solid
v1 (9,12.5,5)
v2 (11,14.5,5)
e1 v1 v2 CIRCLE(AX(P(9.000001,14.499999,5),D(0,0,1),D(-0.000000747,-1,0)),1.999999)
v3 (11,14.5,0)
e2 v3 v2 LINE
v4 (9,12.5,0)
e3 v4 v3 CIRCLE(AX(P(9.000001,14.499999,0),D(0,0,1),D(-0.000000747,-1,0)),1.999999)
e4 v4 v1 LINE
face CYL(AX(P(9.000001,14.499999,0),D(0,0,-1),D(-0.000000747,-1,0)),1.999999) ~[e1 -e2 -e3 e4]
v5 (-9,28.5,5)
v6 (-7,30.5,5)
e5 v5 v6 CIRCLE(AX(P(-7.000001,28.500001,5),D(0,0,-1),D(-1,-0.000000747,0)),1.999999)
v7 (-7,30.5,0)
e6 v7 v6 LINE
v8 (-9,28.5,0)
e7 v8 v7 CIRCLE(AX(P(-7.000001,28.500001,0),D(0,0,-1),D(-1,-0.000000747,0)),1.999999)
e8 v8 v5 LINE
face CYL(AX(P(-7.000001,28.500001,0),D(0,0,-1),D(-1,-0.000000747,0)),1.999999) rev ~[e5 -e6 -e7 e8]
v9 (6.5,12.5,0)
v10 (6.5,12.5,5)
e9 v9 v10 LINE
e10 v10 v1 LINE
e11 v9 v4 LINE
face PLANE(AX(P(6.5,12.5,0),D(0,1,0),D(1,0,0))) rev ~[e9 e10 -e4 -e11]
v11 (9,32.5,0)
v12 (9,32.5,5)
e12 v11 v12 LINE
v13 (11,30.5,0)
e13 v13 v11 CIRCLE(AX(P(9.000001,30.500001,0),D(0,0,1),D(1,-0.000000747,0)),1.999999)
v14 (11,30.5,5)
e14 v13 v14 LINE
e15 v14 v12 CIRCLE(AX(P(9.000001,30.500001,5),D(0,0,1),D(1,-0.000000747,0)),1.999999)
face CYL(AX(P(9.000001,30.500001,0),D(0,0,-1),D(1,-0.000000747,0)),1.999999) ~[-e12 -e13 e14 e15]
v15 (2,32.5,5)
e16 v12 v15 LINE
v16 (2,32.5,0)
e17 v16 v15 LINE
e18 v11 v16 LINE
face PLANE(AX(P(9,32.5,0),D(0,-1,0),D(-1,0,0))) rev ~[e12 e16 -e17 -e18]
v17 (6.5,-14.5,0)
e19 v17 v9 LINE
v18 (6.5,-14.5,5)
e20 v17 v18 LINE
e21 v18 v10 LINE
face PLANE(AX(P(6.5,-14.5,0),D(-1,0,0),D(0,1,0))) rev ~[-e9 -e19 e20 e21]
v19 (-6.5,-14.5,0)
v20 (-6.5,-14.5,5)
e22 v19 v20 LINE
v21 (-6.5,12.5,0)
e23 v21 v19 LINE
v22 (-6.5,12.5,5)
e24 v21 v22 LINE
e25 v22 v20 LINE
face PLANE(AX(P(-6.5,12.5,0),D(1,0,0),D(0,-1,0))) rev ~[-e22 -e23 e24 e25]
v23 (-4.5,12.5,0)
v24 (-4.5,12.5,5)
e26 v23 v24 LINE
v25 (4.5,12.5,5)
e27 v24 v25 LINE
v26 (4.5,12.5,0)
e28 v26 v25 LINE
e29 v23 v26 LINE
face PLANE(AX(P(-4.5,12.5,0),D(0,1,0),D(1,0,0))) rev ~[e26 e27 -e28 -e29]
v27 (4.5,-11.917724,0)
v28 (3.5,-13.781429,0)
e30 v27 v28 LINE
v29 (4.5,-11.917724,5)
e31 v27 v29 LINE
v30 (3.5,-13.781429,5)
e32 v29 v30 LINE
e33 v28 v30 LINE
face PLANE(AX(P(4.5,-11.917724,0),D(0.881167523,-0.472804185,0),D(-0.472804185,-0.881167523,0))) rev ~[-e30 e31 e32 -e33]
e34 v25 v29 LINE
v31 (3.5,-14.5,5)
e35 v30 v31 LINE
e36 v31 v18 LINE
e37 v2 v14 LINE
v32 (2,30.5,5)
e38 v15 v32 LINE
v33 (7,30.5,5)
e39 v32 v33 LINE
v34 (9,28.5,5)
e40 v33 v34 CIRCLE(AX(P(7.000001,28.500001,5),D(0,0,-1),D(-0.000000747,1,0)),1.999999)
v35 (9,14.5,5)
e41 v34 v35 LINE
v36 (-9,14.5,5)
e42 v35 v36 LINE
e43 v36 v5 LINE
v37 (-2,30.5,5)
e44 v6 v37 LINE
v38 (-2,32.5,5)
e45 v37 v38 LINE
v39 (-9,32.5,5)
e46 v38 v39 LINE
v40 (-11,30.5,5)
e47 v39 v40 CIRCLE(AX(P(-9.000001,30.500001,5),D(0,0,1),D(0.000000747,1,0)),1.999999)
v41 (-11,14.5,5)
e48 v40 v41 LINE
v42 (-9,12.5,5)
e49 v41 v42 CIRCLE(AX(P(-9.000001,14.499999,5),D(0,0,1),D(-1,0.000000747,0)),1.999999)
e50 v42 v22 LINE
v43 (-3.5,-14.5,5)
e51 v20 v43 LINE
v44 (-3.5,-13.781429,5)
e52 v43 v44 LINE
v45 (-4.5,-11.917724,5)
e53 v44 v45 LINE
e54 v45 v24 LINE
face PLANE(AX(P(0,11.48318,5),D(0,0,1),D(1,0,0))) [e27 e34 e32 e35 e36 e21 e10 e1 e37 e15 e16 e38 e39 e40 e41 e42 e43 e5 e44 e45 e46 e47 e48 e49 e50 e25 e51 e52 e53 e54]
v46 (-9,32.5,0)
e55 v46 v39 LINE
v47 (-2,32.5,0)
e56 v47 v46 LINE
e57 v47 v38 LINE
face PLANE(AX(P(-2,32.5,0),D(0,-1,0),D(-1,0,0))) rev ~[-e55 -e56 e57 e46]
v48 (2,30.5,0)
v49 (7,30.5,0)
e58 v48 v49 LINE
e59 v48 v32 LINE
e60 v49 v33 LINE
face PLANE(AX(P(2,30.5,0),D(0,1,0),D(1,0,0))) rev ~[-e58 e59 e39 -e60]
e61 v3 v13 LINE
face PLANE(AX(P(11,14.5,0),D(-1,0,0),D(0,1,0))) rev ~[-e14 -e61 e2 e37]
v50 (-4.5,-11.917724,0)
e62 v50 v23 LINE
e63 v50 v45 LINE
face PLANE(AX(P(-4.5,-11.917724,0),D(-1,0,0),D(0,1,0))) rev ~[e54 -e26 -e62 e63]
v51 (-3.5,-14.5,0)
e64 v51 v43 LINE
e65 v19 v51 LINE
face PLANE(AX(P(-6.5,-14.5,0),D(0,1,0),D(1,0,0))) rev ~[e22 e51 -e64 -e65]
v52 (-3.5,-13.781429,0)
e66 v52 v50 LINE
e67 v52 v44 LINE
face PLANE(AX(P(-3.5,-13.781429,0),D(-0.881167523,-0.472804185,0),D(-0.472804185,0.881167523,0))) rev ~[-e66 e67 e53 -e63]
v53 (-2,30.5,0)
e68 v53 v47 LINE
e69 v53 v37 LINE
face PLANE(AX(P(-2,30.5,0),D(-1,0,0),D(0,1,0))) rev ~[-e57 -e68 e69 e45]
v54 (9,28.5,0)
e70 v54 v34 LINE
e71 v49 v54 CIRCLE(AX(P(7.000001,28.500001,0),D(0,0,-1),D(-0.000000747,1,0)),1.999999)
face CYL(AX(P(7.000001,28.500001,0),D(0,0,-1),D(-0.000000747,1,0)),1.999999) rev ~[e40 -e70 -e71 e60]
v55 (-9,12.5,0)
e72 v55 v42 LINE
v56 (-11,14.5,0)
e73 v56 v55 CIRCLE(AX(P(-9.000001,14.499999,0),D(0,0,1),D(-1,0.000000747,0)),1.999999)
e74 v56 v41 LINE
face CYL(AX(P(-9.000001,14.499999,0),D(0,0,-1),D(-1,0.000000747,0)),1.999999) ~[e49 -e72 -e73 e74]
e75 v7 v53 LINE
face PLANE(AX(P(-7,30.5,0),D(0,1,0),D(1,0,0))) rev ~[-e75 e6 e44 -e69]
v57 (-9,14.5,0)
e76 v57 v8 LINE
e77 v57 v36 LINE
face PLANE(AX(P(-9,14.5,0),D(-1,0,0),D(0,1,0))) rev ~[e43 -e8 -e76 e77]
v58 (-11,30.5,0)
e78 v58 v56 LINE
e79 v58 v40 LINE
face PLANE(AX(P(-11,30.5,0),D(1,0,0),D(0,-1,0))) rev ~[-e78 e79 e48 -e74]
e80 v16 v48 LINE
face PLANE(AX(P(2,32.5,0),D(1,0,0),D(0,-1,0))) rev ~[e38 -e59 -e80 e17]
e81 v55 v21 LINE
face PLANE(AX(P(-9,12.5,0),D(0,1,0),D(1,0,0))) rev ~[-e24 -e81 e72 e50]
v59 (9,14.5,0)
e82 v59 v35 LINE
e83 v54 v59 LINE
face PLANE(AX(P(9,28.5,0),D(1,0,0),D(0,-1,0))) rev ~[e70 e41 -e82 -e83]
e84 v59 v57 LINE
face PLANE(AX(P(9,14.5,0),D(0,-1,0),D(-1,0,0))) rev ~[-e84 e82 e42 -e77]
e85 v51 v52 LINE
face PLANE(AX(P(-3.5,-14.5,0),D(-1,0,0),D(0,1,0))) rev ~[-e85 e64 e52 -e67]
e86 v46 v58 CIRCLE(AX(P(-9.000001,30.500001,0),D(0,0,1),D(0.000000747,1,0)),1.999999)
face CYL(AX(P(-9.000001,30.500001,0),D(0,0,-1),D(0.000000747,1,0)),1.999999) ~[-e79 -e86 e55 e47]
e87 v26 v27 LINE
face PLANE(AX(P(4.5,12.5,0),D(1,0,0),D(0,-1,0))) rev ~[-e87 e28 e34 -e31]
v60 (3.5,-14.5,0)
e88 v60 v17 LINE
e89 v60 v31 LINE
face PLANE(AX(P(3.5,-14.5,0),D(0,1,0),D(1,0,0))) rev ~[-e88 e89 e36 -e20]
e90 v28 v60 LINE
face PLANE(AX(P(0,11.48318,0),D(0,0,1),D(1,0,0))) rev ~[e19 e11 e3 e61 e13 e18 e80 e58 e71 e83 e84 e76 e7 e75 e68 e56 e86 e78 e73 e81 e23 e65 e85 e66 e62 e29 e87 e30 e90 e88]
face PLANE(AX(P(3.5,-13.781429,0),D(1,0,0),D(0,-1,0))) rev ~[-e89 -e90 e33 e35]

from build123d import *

# Parameters (mm, degrees)
F1_DEPTH = 5


with BuildPart() as f1:
    # F0 (on Top) → F1 (new body)
    with BuildSketch(Plane.XY):
        with BuildLine():
            Line((-4.5, 12.5), (0, 12.5))
            Line((0, 12.5), (4.5, 12.5))
            Line((4.5, 12.5), (4.5, 0))
            Line((4.5, 0), (4.5, -11.917724))
            Line((4.5, -11.917724), (3.5, -13.781429))
            Line((3.5, -13.781429), (3.5, -14.5))
            Line((3.5, -14.5), (6.5, -14.5))
            Line((6.5, -14.5), (6.5, -12.5))
            Line((6.5, -12.5), (6.5, 12.5))
            Line((6.5, 12.5), (9, 12.5))
            ThreePointArc((9, 12.5), (10.414214, 13.085786), (11, 14.5))
            Line((11, 14.5), (11, 30.5))
            ThreePointArc((11, 30.5), (10.414214, 31.914214), (9, 32.5))
            Line((9, 32.5), (2, 32.5))
            Line((2, 32.5), (2, 30.5))
            Line((2, 30.5), (7, 30.5))
            ThreePointArc((7, 30.5), (8.414214, 29.914214), (9, 28.5))
            Line((9, 28.5), (9, 14.5))
            Line((9, 14.5), (-9, 14.5))
            Line((-9, 14.5), (-9, 28.5))
            ThreePointArc((-9, 28.5), (-8.414214, 29.914214), (-7, 30.5))
            Line((-7, 30.5), (-2, 30.5))
            Line((-2, 30.5), (-2, 32.5))
            Line((-2, 32.5), (-9, 32.5))
            ThreePointArc((-9, 32.5), (-10.414214, 31.914214), (-11, 30.5))
            Line((-11, 30.5), (-11, 14.5))
            ThreePointArc((-11, 14.5), (-10.414214, 13.085786), (-9, 12.5))
            Line((-9, 12.5), (-6.5, 12.5))
            Line((-6.5, 12.5), (-6.5, -12.5))
            Line((-6.5, -12.5), (-6.5, -14.5))
            Line((-6.5, -14.5), (-3.5, -14.5))
            Line((-3.5, -14.5), (-3.5, -13.781429))
            Line((-3.5, -13.781429), (-4.5, -11.917724))
            Line((-4.5, -11.917724), (-4.5, 12.5))
        make_face()
    extrude(amount=F1_DEPTH)


solid = f1.part
